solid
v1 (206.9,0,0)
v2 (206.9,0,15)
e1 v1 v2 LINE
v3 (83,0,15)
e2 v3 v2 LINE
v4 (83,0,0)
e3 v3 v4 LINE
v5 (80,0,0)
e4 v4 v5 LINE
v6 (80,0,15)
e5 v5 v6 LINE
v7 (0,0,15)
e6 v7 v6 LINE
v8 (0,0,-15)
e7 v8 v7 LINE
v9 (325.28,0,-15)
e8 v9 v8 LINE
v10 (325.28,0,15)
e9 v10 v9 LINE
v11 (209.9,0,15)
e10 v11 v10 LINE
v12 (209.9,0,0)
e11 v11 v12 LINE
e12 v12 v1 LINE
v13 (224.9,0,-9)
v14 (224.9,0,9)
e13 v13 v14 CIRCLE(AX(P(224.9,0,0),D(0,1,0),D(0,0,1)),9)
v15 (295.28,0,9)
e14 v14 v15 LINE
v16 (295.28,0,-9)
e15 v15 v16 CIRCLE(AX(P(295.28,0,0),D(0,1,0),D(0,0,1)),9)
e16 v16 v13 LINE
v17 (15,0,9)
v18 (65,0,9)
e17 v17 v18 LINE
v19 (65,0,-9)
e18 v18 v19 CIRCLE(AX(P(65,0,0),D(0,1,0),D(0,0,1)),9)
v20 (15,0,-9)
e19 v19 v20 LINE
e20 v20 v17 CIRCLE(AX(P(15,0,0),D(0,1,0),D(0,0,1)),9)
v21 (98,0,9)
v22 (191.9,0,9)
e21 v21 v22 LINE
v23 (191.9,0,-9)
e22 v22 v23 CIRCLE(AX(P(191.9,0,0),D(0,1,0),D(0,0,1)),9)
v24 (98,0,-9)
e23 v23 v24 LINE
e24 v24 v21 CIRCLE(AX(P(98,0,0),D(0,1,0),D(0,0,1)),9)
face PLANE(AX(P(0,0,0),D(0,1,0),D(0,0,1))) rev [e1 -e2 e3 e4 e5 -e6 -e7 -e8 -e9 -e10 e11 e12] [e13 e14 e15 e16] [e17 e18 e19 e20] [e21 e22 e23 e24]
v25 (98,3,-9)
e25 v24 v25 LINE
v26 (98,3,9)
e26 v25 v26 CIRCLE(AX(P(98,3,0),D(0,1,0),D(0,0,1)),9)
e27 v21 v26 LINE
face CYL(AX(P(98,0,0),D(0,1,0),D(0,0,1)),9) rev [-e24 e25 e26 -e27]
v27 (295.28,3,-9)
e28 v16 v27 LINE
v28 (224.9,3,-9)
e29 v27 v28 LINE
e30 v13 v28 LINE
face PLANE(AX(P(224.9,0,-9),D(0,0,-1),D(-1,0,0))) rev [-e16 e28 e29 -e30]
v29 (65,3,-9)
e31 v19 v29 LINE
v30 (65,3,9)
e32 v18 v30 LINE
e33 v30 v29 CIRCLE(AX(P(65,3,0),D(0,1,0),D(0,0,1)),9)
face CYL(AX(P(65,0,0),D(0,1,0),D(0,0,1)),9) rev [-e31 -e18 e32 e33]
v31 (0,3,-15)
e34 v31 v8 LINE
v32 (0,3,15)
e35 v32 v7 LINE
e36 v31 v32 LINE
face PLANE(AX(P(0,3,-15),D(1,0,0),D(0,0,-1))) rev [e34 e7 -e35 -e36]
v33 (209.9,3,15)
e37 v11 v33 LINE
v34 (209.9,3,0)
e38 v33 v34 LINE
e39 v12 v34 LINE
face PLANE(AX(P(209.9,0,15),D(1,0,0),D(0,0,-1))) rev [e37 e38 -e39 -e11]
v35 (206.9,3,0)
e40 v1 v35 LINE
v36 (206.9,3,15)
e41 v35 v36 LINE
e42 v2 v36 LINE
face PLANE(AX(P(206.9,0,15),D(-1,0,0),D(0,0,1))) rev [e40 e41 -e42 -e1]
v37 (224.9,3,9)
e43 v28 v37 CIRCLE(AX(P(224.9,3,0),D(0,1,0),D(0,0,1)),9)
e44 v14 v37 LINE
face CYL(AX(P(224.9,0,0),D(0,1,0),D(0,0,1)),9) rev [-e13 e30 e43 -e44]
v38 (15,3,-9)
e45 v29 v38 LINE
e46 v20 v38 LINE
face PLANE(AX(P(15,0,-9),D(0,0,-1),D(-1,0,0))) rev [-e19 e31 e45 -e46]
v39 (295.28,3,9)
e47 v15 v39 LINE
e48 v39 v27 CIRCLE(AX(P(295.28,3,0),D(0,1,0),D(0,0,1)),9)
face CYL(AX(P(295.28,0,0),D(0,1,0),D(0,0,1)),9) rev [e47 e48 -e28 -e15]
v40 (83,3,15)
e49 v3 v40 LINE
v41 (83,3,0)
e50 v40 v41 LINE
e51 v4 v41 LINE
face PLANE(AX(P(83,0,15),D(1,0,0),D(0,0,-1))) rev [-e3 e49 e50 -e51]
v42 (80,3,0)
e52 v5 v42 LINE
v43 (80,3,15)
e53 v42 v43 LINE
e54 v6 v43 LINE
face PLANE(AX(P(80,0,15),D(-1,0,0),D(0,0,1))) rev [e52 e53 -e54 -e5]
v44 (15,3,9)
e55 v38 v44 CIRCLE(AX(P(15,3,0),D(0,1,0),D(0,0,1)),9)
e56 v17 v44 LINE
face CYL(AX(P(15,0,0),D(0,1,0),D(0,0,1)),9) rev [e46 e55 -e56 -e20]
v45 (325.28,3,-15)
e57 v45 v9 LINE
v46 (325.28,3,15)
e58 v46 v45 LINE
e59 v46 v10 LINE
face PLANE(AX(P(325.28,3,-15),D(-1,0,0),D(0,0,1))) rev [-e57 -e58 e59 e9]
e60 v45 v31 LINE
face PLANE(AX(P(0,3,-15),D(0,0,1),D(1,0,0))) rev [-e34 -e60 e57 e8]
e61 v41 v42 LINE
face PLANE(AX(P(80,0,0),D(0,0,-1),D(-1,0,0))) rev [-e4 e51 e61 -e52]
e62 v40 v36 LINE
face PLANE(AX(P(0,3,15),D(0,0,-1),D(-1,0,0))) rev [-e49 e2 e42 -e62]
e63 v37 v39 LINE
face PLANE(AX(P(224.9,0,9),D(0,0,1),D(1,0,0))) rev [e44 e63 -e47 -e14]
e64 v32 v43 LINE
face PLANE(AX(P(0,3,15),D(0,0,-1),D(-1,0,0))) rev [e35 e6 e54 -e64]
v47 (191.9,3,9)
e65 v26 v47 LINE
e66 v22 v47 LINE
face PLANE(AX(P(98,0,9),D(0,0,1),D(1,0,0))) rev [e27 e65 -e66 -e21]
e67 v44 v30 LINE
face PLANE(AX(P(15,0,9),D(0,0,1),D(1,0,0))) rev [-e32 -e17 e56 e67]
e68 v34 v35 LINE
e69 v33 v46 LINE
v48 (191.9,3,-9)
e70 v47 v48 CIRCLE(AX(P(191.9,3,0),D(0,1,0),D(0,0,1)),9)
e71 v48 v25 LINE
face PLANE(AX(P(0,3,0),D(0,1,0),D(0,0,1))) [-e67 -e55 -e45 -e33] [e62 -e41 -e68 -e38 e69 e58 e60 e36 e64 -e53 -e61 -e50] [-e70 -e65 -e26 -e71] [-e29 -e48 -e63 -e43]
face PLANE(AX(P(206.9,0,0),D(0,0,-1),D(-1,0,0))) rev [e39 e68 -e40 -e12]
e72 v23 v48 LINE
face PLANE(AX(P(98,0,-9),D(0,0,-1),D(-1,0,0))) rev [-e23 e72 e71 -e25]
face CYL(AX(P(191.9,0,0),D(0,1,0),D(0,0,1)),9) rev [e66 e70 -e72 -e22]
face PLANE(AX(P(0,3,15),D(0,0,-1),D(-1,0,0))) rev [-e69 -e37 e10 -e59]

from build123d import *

# Parameters (mm, degrees)
SKETCH1_W               = 325.28
SKETCH1_H               = 30
BOSS_EXTRUDE1_DEPTH     = 3
SKETCH2_W               = 3
SKETCH2_H               = 15
CUT_EXTRUDE1_DEPTH      = 1
CUT_EXTRUDE1_DEPTH_BACK = 4
CUT_EXTRUDE3_DEPTH      = 4


with BuildPart() as part:
    # Sketch1 → Boss-Extrude1 (new body)
    with BuildSketch(Plane(origin=(0, 0, 0), x_dir=(1, 0, 0), z_dir=(0, 1, 0))):
        with Locations((162.64, 0)):
            Rectangle(SKETCH1_W, SKETCH1_H)
    extrude(amount=BOSS_EXTRUDE1_DEPTH)

    # Sketch2 → Cut-Extrude1 (cut, two sides)
    with BuildSketch(Plane(origin=(0, 3, 0), x_dir=(1, 0, 0), z_dir=(0, 1, 0))) as cut_extrude1_sk:
        with Locations((81.5, -7.5)):
            Rectangle(SKETCH2_W, SKETCH2_H)
        with Locations((208.4, -7.5)):
            Rectangle(SKETCH2_W, SKETCH2_H)
    extrude(amount=CUT_EXTRUDE1_DEPTH, mode=Mode.SUBTRACT)
    extrude(cut_extrude1_sk.sketch, amount=-CUT_EXTRUDE1_DEPTH_BACK, mode=Mode.SUBTRACT)

    # Sketch4 → Cut-Extrude3 (cut, through all)
    with BuildSketch(Plane(origin=(0, 3, 0), x_dir=(1, 0, 0), z_dir=(0, 1, 0))):
        with BuildLine():
            Line((15, 9), (65, 9))
            ThreePointArc((65, 9), (74, 0), (65, -9))
            Line((65, -9), (15, -9))
            ThreePointArc((15, -9), (6, 0), (15, 9))
        make_face()
        with BuildLine():
            Line((98, 9), (191.9, 9))
            ThreePointArc((191.9, 9), (200.9, 0), (191.9, -9))
            Line((191.9, -9), (98, -9))
            ThreePointArc((98, -9), (89, 0), (98, 9))
        make_face()
        with BuildLine():
            Line((224.9, 9), (295.28, 9))
            ThreePointArc((295.28, 9), (304.28, 0), (295.28, -9))
            Line((295.28, -9), (224.9, -9))
            ThreePointArc((224.9, -9), (215.9, 0), (224.9, 9))
        make_face()
    extrude(amount=-CUT_EXTRUDE3_DEPTH, mode=Mode.SUBTRACT)


solid = part.part
